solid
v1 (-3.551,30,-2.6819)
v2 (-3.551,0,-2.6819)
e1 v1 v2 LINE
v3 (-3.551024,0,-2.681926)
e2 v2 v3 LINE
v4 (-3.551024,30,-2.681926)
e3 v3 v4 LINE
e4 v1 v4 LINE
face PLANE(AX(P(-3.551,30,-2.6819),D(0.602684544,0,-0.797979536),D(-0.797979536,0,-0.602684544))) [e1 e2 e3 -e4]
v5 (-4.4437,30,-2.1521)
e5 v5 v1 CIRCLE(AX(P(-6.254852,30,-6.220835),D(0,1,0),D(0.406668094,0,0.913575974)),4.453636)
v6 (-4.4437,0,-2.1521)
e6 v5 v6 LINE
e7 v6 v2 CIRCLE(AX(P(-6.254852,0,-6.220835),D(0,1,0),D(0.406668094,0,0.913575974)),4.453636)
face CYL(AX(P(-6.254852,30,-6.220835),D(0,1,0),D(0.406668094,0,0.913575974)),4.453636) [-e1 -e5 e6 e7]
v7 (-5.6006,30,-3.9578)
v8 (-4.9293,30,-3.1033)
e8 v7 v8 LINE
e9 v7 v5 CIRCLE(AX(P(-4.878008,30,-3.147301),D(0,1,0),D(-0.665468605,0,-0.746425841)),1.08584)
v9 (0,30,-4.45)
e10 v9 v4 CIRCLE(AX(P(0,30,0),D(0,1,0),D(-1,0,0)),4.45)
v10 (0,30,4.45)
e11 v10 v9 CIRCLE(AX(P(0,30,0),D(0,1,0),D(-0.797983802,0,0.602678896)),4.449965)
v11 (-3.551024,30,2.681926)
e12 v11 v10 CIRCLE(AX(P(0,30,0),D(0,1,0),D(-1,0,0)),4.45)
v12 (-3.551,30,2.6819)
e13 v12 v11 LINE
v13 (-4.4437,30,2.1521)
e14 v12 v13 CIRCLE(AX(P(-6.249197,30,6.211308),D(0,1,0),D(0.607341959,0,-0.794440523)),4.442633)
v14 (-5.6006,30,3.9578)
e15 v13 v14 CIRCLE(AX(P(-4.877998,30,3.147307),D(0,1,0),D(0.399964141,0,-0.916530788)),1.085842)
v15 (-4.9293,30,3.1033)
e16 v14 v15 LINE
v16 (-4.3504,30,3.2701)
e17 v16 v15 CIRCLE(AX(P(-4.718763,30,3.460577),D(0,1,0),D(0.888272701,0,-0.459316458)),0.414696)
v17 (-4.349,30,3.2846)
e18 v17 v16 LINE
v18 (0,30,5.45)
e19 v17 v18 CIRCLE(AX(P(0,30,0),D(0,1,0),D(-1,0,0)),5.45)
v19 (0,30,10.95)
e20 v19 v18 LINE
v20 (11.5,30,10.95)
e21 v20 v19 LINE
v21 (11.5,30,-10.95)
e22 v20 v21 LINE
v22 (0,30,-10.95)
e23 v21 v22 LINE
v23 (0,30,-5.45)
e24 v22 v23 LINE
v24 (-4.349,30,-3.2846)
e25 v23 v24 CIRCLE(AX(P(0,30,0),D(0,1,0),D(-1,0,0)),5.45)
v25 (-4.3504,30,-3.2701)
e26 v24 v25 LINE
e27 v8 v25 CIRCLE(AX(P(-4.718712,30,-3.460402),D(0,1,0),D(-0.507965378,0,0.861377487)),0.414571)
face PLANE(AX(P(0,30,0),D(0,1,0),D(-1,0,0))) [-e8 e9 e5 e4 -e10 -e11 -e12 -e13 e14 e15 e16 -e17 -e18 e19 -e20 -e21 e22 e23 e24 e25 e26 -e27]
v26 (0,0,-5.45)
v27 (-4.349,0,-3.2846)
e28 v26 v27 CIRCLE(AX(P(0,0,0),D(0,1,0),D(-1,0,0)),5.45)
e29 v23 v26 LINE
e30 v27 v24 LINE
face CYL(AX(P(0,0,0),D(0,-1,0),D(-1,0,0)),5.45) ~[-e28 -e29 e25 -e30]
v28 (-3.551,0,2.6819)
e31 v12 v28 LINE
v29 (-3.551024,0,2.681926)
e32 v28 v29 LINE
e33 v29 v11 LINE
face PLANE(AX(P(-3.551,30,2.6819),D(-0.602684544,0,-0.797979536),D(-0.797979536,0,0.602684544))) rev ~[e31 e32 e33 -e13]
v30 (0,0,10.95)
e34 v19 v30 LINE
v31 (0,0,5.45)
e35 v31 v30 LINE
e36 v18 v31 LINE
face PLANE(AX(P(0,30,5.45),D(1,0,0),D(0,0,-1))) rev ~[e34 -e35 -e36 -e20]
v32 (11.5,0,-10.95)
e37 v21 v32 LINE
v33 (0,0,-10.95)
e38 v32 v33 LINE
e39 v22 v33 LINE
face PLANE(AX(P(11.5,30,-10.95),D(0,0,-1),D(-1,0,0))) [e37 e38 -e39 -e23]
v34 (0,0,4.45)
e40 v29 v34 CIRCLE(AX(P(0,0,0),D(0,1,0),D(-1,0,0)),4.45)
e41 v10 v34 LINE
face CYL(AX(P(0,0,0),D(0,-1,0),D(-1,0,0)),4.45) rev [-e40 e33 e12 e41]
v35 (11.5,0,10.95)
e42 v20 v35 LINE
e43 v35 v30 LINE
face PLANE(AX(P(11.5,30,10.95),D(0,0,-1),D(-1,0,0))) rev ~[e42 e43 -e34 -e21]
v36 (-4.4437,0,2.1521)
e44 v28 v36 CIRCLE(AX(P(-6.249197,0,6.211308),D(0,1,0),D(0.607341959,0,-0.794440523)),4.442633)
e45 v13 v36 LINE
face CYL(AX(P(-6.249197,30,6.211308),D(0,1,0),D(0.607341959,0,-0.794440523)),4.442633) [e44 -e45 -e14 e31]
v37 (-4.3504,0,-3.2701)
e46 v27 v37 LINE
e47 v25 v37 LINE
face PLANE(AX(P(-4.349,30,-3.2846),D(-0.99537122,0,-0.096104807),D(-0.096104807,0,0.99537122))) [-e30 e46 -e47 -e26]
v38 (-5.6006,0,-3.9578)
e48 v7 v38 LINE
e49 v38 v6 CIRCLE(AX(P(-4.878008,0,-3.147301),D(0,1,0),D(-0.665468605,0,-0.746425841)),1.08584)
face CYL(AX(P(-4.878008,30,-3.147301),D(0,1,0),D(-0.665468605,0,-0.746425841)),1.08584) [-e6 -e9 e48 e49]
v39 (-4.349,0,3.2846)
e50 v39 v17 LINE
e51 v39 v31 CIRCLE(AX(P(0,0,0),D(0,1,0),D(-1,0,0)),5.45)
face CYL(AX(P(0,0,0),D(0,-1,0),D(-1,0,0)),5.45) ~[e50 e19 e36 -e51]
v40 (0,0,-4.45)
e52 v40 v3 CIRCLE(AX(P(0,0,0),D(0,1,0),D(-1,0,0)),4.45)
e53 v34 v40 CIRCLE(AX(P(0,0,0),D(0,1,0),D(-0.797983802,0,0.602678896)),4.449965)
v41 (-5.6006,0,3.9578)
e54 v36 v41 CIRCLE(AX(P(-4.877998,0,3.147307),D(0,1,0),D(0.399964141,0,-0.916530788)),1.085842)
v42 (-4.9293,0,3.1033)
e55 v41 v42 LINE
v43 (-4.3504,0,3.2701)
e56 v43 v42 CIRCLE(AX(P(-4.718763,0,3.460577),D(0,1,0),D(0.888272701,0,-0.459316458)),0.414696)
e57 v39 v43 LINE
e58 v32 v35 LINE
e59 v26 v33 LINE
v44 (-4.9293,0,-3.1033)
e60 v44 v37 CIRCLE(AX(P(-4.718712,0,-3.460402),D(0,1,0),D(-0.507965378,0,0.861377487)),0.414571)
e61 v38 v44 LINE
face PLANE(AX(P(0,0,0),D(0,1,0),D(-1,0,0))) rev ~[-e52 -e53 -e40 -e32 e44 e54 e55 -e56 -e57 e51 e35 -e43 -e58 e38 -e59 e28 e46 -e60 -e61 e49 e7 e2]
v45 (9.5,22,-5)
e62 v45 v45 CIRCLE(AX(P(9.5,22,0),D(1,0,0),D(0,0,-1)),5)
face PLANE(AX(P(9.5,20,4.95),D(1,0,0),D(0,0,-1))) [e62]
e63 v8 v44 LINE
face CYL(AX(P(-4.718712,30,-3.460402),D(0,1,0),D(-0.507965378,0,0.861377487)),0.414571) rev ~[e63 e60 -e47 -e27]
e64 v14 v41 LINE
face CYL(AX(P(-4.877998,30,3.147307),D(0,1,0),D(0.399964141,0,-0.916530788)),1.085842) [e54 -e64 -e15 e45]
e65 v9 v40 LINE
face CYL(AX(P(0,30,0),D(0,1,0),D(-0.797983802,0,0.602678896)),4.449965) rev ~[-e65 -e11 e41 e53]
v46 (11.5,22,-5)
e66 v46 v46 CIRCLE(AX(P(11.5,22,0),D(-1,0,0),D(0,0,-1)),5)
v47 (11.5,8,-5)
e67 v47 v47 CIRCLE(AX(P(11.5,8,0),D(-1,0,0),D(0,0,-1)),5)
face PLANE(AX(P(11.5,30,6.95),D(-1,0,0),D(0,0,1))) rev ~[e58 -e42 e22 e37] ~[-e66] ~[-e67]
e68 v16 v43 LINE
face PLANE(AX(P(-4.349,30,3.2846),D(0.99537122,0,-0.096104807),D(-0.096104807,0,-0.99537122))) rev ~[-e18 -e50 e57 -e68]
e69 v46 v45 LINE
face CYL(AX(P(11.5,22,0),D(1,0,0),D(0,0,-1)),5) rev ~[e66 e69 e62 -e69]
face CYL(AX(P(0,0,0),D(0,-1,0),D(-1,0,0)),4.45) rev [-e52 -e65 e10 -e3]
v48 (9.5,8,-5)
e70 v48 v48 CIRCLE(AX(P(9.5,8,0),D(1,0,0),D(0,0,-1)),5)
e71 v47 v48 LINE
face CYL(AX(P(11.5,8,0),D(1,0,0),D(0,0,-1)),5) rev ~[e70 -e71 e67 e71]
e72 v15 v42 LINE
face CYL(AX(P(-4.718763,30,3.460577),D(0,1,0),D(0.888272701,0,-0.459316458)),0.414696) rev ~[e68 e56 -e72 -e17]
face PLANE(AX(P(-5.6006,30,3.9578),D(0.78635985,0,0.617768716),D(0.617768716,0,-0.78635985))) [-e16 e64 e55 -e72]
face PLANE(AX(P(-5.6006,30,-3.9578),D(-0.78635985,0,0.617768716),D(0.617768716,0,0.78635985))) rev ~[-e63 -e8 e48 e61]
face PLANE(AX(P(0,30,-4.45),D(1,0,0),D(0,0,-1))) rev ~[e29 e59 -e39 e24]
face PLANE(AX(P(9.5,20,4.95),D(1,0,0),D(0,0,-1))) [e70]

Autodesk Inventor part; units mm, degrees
ref_plane "YZ Plane" through (0, 0, 0) normal (1, 0, 0) x (0, 1, 0)
ref_plane "XZ Plane" through (0, 0, 0) normal (0, 1, 0) x (-1, 0, 0)
ref_plane "XY Plane" through (0, 0, 0) normal (0, 0, 1) x (1, 0, 0)
sketch "Эскиз1" plane through (0, 0, 0) normal (0, 1, 0) x (-1, 0, 0)
  circle A0 centre (0, 0) radius 4.45
  circle A1 centre (0, 0) radius 5.45
  line L0 (0, 0) -> (4.349, 3.2846)
  line L1 (0, 0) -> (4.349, -3.2846)
  point P0 (3.551, -2.6819)
  point P1 (3.551, 2.6819)
  dimension "d0" = 8.9
  dimension "d1" = 10.9
extrude "Выдавливание1" add sketch "Эскиз1" along normal blind 30 contours A0 L1 A1 L0 picked at (-3.4029, -3.7722)
sketch "Эскиз2" plane through (0, 30, 0) normal (0, 1, 0) x (1, 0, 0)
  arc A0 (-3.551, -2.6819) -> (-4.4437, -2.1521) centre (-6.2523, -6.2159) ccw
  arc A1 (-4.4437, -2.1521) -> (-5.6006, -3.9578) centre (-4.878, -3.1473) ccw
  line L0 (-5.6006, -3.9578) -> (-4.9293, -3.1033)
  arc A2 (-4.3504, -3.2701) -> (-4.9293, -3.1033) centre (-4.7187, -3.4605) ccw
  line L1 (-3.551, -2.6819) -> (-4.349, -3.2846)
  line L2 (-4.349, -3.2846) -> (-3.551, -2.6819)
  line L3 (-4.349, -3.2846) -> (-4.3504, -3.2701)
  line L4 (-0.0151, 0) -> (-3.489, 0)
  arc A3 (-4.4437, 2.1521) -> (-3.551, 2.6819) centre (-6.2523, 6.2159) ccw
  arc A4 (-4.9293, 3.1033) -> (-4.3504, 3.2701) centre (-4.7187, 3.4605) ccw
  line L5 (-3.551, 2.6819) -> (-4.349, 3.2846)
  line L6 (-4.349, 3.2846) -> (-3.551, 2.6819)
  line L7 (-4.349, 3.2846) -> (-4.3504, 3.2701)
  arc A5 (-5.6006, 3.9578) -> (-4.4437, 2.1521) centre (-4.878, 3.1473) ccw
  line L8 (-5.6006, 3.9578) -> (-4.9293, 3.1033)
  point P0 (-3.551, 2.6819)
  point P1 (-4.349, -3.2846)
  point P2 (-5.3694, -4.0591)
  point P3 (-4.349, 3.2846)
  point P4 (-5.3694, 4.0591)
  point P5 (-4.349, 3.2846)
  dimension "d25" = 1.0859
sketch "Эскиз3" plane through (0, 30, 0) normal (0, 1, 0) x (1, 0, 0)
  arc A0 (-4.349, -3.2846) -> (-4.349, 3.2846) centre (0, 0) ccw projected
  line L0 (11.5, -6.95) -> (11.5, 6.95)
  arc A1 (-3.551, -2.6819) -> (-3.551, 2.6819) centre (0, 0) ccw projected
  line L1 (0, -5.45) -> (0, -4.45)
  line L2 (0, 4.45) -> (0, 5.45)
  line L3 (11.5, 6.95) -> (11.5, 10.95)
  line L4 (11.5, -6.95) -> (11.5, -10.95)
  line L5 (0, 0.95) -> (0, 5.45)
  line L6 (11.5, -10.95) -> (0, -10.95)
  line L7 (0, -10.95) -> (0, -5.45)
  line L8 (11.5, 10.95) -> (0, 10.95)
  line L9 (0, 10.95) -> (0, 5.45)
  arc A2 (0, -4.45) -> (0, 4.45) centre (0, 0) ccw
  dimension "d13" = 4
  dimension "d14" = 4
  dimension "d22" = 21.9
  dimension "d23" = 6.5
extrude "Выдавливание3" add sketch "Эскиз3" against normal blind 30
ref_plane "РабПлоскость1" through (11.5, 20, 4.95) normal (1, 0, 0) x (0, 0, -1)
sketch "Эскиз4" plane through (11.5, 20, 4.95) normal (1, 0, 0) x (0, 0, -1)
  line L0 (4.95, -20) -> (4.95, 10)
  line L1 (1, 10) -> (8.9, 10) projected
  circle A0 centre (4.95, -12) radius 5
  line L2 (14.4, -20) -> (-4.5, -20) projected
  circle A1 centre (4.95, 2) radius 5
  line L3 (-4.5, 10) -> (14.4, 10) projected
  point P0 (7.3306, 10)
  point P1 (2.5694, 10)
  point P2 (4.95, 10)
  dimension "d15" = 10
  dimension "d16" = 8
  dimension "d17" = 10
  dimension "d18" = 8
extrude "Выдавливание4" cut sketch "Эскиз4" against normal blind 2
extrude "Выдавливание5" add sketch "Эскиз2" against normal blind 30
sketch "Эскиз5" plane through (0, 30, 0) normal (0, 1, 0) x (1, 0, 0)
  arc A0 (0, 5.45) -> (-4.349, 3.2846) centre (0, 0) ccw projected
  line L0 (-4.349, 3.2846) -> (-4.3504, 3.2701) projected
  arc A1 (-4.9293, 3.1033) -> (-4.3504, 3.2701) centre (-4.7187, 3.4605) ccw projected
  line L1 (-4.9293, 3.1033) -> (-5.6006, 3.9578) projected
  arc A2 (-5.6006, 3.9578) -> (-4.4437, 2.1521) centre (-4.878, 3.1473) ccw projected
  arc A3 (-4.4437, 2.1521) -> (-3.551, 2.6819) centre (-6.2523, 6.2159) ccw projected
  arc A4 (-3.551, -2.6819) -> (-3.551, 2.6819) centre (0, 0) ccw projected
  arc A5 (-3.551, -2.6819) -> (-4.4437, -2.1521) centre (-6.2523, -6.2159) ccw projected
  arc A6 (-4.4437, -2.1521) -> (-5.6006, -3.9578) centre (-4.878, -3.1473) ccw projected
  line L2 (-5.6006, -3.9578) -> (-4.9293, -3.1033) projected
  arc A7 (-4.3504, -3.2701) -> (-4.9293, -3.1033) centre (-4.7187, -3.4605) ccw projected
  line L3 (-4.3504, -3.2701) -> (-4.349, -3.2846) projected
  arc A8 (-4.349, -3.2846) -> (0, -5.45) centre (0, 0) ccw projected
  line L4 (0, -5.45) -> (0, -10.95) projected
  line L5 (0, -10.95) -> (11.5, -10.95) projected
  line L6 (11.5, -10.95) -> (11.5, 10.95) projected
  line L7 (11.5, 10.95) -> (0, 10.95) projected
  line L8 (0, 10.95) -> (0, 5.45) projected
  line L9 (0, 4.45) -> (0, 5.45)
  line L10 (0, -4.45) -> (0, -5.45)
extrude "Выдавливание6" [suppressed]
sketch "Эскиз6" plane through (11.5, 30, 10.95) normal (1, 0, 0) x (0, 0, -1)
  arc A0 (15.95, -22) -> (15.95, -22) centre (10.95, -22) ccw projected
  arc A1 (15.95, -8) -> (15.95, -8) centre (10.95, -8) ccw projected
  point P0 (10.95, -30)
extrude "Выдавливание7" [suppressed]
properties part number "крепление маркера 9мм"
